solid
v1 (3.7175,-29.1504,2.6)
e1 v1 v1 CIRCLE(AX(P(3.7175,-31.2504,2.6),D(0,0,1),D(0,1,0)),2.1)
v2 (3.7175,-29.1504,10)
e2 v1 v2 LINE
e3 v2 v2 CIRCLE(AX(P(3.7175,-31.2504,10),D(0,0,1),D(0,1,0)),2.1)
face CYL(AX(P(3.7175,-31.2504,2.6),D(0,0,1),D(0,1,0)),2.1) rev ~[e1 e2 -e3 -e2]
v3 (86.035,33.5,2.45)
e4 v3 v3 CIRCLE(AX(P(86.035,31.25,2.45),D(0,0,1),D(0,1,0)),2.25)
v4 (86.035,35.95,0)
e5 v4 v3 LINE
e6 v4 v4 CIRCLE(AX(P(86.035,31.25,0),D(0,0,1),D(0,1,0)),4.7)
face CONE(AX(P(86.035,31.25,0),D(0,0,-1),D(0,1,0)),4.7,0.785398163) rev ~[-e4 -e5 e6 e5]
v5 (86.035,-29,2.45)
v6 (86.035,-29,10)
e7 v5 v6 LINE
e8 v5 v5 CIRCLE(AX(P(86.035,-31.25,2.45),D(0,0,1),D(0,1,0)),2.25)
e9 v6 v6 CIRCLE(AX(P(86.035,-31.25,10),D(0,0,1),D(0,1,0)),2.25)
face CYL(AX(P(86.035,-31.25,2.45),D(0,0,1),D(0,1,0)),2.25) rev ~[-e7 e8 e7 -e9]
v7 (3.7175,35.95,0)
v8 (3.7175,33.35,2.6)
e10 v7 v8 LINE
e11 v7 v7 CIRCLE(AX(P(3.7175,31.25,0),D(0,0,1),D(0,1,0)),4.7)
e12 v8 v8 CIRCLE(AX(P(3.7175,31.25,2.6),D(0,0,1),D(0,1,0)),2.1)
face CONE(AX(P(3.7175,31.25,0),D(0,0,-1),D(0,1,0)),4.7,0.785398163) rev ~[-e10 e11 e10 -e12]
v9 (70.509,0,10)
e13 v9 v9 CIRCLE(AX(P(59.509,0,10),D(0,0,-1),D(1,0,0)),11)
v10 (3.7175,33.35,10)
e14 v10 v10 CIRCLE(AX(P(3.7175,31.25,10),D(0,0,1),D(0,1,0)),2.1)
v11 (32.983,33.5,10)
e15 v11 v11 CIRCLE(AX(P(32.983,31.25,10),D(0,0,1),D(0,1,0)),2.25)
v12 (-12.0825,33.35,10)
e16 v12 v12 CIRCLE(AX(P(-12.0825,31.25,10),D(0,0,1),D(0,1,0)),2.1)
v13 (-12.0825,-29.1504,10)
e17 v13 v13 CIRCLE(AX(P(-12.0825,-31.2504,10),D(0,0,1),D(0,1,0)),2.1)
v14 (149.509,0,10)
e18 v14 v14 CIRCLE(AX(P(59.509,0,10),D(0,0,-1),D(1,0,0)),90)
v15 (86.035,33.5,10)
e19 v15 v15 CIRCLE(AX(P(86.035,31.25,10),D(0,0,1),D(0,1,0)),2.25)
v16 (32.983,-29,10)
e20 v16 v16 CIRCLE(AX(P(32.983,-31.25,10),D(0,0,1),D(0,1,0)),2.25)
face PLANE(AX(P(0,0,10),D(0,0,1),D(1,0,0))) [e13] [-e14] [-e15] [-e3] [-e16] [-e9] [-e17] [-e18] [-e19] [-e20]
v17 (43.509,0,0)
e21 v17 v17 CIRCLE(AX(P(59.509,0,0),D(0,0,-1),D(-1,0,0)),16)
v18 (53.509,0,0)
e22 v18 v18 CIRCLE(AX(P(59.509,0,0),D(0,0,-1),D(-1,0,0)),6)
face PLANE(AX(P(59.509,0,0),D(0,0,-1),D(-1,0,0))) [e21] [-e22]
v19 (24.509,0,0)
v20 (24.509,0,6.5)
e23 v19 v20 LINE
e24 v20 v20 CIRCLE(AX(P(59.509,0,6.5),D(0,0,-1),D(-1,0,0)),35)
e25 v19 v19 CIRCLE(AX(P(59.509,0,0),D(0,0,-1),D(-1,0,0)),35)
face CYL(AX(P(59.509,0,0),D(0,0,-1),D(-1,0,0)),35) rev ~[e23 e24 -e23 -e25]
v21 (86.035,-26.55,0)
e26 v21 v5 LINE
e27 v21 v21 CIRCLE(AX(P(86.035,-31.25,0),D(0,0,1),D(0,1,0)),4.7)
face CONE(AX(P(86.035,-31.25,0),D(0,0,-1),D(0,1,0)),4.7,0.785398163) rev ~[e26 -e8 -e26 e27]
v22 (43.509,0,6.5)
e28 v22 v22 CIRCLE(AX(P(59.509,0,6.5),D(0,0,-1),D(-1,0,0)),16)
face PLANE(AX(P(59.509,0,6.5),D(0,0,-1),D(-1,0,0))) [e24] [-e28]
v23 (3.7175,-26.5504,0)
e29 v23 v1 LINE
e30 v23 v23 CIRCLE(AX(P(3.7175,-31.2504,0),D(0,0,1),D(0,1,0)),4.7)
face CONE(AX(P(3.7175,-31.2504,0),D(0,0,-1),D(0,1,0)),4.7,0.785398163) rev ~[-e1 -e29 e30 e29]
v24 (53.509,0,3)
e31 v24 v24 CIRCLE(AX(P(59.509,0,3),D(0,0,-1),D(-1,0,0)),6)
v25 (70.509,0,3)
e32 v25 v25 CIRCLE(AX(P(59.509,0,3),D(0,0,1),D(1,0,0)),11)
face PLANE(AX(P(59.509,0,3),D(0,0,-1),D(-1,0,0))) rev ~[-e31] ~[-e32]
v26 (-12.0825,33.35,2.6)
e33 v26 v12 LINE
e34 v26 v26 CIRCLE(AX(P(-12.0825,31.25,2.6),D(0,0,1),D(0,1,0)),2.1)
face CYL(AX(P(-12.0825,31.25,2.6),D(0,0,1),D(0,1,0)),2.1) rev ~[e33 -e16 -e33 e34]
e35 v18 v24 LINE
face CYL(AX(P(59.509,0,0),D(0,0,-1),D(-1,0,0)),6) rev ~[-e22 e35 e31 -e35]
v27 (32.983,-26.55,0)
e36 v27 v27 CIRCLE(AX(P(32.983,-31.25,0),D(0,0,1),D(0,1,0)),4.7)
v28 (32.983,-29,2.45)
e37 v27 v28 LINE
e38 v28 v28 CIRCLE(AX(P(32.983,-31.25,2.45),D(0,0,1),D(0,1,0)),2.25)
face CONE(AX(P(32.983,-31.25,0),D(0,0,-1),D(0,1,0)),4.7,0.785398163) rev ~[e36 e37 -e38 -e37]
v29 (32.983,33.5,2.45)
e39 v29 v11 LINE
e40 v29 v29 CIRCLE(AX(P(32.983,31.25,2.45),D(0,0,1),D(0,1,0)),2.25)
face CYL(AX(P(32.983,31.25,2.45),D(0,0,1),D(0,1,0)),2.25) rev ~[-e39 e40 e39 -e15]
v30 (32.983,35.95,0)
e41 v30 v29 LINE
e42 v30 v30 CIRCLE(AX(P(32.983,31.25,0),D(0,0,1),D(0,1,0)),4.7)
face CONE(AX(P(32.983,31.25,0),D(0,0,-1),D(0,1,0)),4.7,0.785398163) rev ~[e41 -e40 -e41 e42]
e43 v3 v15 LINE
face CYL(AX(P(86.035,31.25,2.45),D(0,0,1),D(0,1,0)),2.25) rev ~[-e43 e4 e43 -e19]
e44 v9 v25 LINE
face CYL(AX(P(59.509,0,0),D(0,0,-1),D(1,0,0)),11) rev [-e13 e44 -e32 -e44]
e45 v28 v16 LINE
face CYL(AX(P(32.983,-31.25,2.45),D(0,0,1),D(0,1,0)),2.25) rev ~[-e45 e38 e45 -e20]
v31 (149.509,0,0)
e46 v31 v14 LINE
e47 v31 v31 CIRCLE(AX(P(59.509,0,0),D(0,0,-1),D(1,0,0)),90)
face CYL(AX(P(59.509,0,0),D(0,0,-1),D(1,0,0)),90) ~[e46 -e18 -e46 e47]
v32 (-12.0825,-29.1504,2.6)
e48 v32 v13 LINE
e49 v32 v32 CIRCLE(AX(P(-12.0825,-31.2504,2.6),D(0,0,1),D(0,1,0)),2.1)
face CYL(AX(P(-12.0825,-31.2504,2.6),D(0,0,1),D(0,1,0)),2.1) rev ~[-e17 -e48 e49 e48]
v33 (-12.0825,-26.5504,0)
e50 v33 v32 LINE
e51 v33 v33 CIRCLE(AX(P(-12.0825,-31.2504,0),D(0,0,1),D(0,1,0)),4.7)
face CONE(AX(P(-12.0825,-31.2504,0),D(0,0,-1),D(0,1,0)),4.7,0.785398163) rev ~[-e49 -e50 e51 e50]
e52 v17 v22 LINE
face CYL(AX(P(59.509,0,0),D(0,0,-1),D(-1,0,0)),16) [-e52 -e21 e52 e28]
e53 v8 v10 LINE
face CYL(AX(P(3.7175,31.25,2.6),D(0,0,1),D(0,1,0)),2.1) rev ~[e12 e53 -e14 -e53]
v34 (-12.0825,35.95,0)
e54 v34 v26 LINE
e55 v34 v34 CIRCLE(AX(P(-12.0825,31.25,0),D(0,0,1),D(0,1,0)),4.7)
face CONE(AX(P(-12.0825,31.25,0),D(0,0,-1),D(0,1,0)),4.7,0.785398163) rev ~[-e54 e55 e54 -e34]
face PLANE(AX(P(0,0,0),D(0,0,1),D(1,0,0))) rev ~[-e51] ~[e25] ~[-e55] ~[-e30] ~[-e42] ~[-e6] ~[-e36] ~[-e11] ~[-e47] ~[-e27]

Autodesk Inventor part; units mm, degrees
ref_plane "YZ Plane" through (0, 0, 0) normal (1, 0, 0) x (0, 1, 0)
ref_plane "XZ Plane" through (0, 0, 0) normal (0, 1, 0) x (-1, 0, 0)
ref_plane "XY Plane" through (0, 0, 0) normal (0, 0, 1) x (1, 0, 0)
sketch "Sketch1" plane through (0, 0, 0) normal (0, 0, 1) x (1, 0, 0)
  circle A0 centre (-11.3135, -11.3135) radius 2
  circle A1 centre (-11.3135, 11.3135) radius 2
  circle A2 centre (11.3135, 11.3135) radius 2
  circle A3 centre (11.3135, -11.3135) radius 2
  circle A4 centre (-15.3135, 11.3135) radius 2
  circle A5 centre (-7.3135, 11.3135) radius 2
  circle A6 centre (7.3135, 11.3135) radius 2
  circle A7 centre (15.3135, 11.3135) radius 2
  circle A8 centre (15.3135, -11.3135) radius 2
  circle A9 centre (7.3135, -11.3135) radius 2
  circle A10 centre (-7.3135, -11.3135) radius 2
  circle A11 centre (-15.3135, -11.3135) radius 2
  line L0 (-15.3135, 13.3135) -> (-7.3135, 13.3135)
  line L1 (-7.3135, 9.3135) -> (-15.3135, 9.3135)
  line L2 (-15.3135, -9.3135) -> (-7.3135, -9.3135)
  line L3 (-7.3135, -13.3135) -> (-15.3135, -13.3135)
  line L4 (7.3135, -9.3135) -> (15.3135, -9.3135)
  line L5 (15.3135, -13.3135) -> (7.3135, -13.3135)
  line L6 (15.3135, 9.3135) -> (7.3135, 9.3135)
  line L7 (15.3135, 13.3135) -> (7.3135, 13.3135)
  circle A12 centre (0, 0) radius 8.25
  circle A13 centre (5, 0) radius 8.25
  circle A14 centre (-5, 0) radius 8.25
  line L8 (-5, 8.25) -> (5, 8.25)
  line L9 (5, -8.25) -> (-5, -8.25)
  circle A15 centre (0, 0) radius 42.5
  circle A16 centre (59.509, 0) radius 50.7821
  line L10 (-5.9149, 42.0864) -> (52.4415, 50.2878)
  line L11 (-5.9149, -42.0864) -> (52.4415, -50.2878)
  line L12 (-13.25, 0) -> (13.25, 0)
  circle A17 centre (59.509, 0) radius 11
  arc A18 (-5.9149, 42.0864) -> (-5.9149, -42.0864) centre (0, 0) ccw
  line L13 (-42.5, 0) -> (156.5802, 0)
  circle A19 centre (59.509, 0) radius 90
  point P0 (-3.1314, -32.3793)
  point P1 (23.2633, -35.5678)
  point P2 (23.2633, 35.5678)
  point P3 (-2.5, -7.8621)
  point P4 (0, -8.25)
  dimension "d0" = 4
  dimension "d1" = 22.627
  dimension "d2" = 22.627
  dimension "d3" = 11.3135
  dimension "d4" = 11.3135
  dimension "d5" = 4
  dimension "d6" = 4
  dimension "d7" = 4
  dimension "d8" = 4
  dimension "d9" = 4
  dimension "d10" = 4
  dimension "d11" = 4
  dimension "d12" = 4
  dimension "d15" = 16.5
  dimension "d16" = 5
  dimension "d17" = 5
  dimension "d18" = 85
  dimension "d19" = 8
  dimension "d20" = 59.509
  dimension "d21" = 22
  dimension "d24" = 85
  dimension "d116" = 180
extrude "Extrusion1" add sketch "Sketch1" along normal blind 10 contours A0 | A10 L3 A0 | A0 L2 A10 | A10 | A0 A11 L2 | L3 A11 A0 | A11 | A1 | A5 L1 A1 | A1 L0 A5 | A5 | A1 A4 L0 | L1 A4 A1 | A4 | A2 A16 | A7 L6 A2 | A2 L7 A7 | A7 | L7 A16 A15 L13 A13 L6 A7 | A2 A16 L7 | L6 A16 A2 | A16 A2 | A2 A6 L7 A16 | L7 A6 L6 A16 A13 L8 A14 L13 A19 A15 | A16 L6 A6 A2 | A6 | A16 L13 A17 A15 | A15 L10 A16 | A16 L12 A12 A13 | A13 L12 A16 | L13 A17 A16 A15 | A15 A16 L5 A8 L4 A13 L13 | A15 A19 L13 A16 L10 | A13 A16 L12 | A13 A12 L8 | A16 A13 A12 L12 | A16 L11 A15 | A15 A19 L13 A14 L9 A13 A16 L4 A9 L5 | L13 A19 A15 L11 A16 | A13 A14 A12 | A12 L12 A14 A13 | A12 A14 L8 | A12 A13 A14 L12 | A16 A3 L5 | L5 A9 A3 A16 | L9 A12 A13 | A16 A3 A9 L4 | L4 A3 A16 | A14 L12 A13 | A13 L12 A12 A14 | A12 L12 A14 | A12 A14 A13 | A14 A13 L12 | A3 A16 | A3 A8 L5 | A9 | A3 A16 | L12 A12 A14 | L9 A14 A12 | L4 A8 A3 | A13 A14 A12 L12 | A8
sketch "Sketch18" plane through (59.509, 0, 0) normal (0, 0, -1) x (-1, 0, 0)
  circle A0 centre (0, 0) radius 35
  circle A1 centre (0, 0) radius 90 projected
  circle A2 centre (0, 0) radius 11 projected
  circle A3 centre (0, 0) radius 16
  point P0 (59.509, 0)
  dimension "d127" = 70
  dimension "d130" = 5
extrude "Extrusion9" cut sketch "Sketch18" against normal blind 6.5 contours A0 | A2
sketch "Sketch20" plane through (59.509, 0, 0) normal (0, 0, -1) x (-1, 0, 0)
  circle A0 centre (0, 0) radius 11 projected
  circle A1 centre (0, 0) radius 11 projected
  circle A2 centre (0, 0) radius 6
  point P0 (59.509, 0)
  dimension "d136" = 12
extrude "Extrusion11" add sketch "Sketch20" against normal blind 3
sketch "Sketch22" plane through (59.509, 0, 0) normal (0, 0, -1) x (-1, 0, 0)
  circle A0 centre (55.7915, 31.25) radius 1.621 projected
  circle A1 centre (71.5915, 31.25) radius 1.621 projected
  circle A2 centre (71.5915, -31.2504) radius 1.621 projected
  circle A3 centre (55.7915, -31.2504) radius 1.621 projected
  circle A4 centre (71.5915, -31.2504) radius 1.621 projected
  circle A5 centre (55.7915, -31.2504) radius 1.621 projected
  circle A6 centre (71.5915, 31.25) radius 1.621 projected
  circle A7 centre (55.7915, 31.25) radius 1.621 projected
  point P0 (59.509, 0)
hole "Hole4" at (-12.0825, 31.25, 0) at (3.7175, 31.25, 0) at (-12.0825, -31.2504, 0) at (3.7175, -31.2504, 0) direction (0, 0, 1) diameter 4.2 end through all countersink diameter 9.4 countersink angle 90 clearance for "Countersunk Flat Head Screw ISO 2009/7046" size "M4" standard "ISO"
sketch "Sketch23" plane through (59.509, 0, 0) normal (0, 0, -1) x (-1, 0, 0)
  circle A0 centre (-26.526, -31.25) radius 2.4585 projected
  circle A1 centre (26.526, -31.25) radius 2.4585 projected
  circle A2 centre (-26.526, 31.25) radius 1.621 projected
  circle A3 centre (26.526, 31.25) radius 1.621 projected
  circle A4 centre (26.526, -31.25) radius 2.4585 projected
  circle A5 centre (26.526, 31.25) radius 1.621 projected
  circle A6 centre (-26.526, -31.25) radius 2.4585 projected
  circle A7 centre (0, 0) radius 90 projected
  circle A8 centre (0, 0) radius 11 projected
  circle A9 centre (-26.526, 31.25) radius 1.621 projected
  point P0 (59.509, 0)
hole "Hole5" at (86.035, 31.25, 0) at (86.035, -31.25, 0) at (32.983, -31.25, 0) at (32.983, 31.25, 0) direction (0, 0, 1) diameter 4.5 depth 14.2 tip angle 118 countersink diameter 9.4 countersink angle 90 clearance for "Countersunk Flat Head Screw ISO 2009/7046" size "M4" standard "ISO"
equation "\"d2\" = d1"
equation "\"d3\" = 0.5 * d2"
equation "\"d4\" = 0.5 * d1"
equation "\"d5\" = d0"
equation "\"d6\" = d5"
equation "\"d7\" = d6"
equation "\"d8\" = d7"
equation "\"d9\" = d5"
equation "\"d10\" = d9"
equation "\"d11\" = d10"
equation "\"d12\" = d11"
equation "\"d17\" = d16"
properties part number "base bovenkant 10 mm" material "Aluminum 6061"
